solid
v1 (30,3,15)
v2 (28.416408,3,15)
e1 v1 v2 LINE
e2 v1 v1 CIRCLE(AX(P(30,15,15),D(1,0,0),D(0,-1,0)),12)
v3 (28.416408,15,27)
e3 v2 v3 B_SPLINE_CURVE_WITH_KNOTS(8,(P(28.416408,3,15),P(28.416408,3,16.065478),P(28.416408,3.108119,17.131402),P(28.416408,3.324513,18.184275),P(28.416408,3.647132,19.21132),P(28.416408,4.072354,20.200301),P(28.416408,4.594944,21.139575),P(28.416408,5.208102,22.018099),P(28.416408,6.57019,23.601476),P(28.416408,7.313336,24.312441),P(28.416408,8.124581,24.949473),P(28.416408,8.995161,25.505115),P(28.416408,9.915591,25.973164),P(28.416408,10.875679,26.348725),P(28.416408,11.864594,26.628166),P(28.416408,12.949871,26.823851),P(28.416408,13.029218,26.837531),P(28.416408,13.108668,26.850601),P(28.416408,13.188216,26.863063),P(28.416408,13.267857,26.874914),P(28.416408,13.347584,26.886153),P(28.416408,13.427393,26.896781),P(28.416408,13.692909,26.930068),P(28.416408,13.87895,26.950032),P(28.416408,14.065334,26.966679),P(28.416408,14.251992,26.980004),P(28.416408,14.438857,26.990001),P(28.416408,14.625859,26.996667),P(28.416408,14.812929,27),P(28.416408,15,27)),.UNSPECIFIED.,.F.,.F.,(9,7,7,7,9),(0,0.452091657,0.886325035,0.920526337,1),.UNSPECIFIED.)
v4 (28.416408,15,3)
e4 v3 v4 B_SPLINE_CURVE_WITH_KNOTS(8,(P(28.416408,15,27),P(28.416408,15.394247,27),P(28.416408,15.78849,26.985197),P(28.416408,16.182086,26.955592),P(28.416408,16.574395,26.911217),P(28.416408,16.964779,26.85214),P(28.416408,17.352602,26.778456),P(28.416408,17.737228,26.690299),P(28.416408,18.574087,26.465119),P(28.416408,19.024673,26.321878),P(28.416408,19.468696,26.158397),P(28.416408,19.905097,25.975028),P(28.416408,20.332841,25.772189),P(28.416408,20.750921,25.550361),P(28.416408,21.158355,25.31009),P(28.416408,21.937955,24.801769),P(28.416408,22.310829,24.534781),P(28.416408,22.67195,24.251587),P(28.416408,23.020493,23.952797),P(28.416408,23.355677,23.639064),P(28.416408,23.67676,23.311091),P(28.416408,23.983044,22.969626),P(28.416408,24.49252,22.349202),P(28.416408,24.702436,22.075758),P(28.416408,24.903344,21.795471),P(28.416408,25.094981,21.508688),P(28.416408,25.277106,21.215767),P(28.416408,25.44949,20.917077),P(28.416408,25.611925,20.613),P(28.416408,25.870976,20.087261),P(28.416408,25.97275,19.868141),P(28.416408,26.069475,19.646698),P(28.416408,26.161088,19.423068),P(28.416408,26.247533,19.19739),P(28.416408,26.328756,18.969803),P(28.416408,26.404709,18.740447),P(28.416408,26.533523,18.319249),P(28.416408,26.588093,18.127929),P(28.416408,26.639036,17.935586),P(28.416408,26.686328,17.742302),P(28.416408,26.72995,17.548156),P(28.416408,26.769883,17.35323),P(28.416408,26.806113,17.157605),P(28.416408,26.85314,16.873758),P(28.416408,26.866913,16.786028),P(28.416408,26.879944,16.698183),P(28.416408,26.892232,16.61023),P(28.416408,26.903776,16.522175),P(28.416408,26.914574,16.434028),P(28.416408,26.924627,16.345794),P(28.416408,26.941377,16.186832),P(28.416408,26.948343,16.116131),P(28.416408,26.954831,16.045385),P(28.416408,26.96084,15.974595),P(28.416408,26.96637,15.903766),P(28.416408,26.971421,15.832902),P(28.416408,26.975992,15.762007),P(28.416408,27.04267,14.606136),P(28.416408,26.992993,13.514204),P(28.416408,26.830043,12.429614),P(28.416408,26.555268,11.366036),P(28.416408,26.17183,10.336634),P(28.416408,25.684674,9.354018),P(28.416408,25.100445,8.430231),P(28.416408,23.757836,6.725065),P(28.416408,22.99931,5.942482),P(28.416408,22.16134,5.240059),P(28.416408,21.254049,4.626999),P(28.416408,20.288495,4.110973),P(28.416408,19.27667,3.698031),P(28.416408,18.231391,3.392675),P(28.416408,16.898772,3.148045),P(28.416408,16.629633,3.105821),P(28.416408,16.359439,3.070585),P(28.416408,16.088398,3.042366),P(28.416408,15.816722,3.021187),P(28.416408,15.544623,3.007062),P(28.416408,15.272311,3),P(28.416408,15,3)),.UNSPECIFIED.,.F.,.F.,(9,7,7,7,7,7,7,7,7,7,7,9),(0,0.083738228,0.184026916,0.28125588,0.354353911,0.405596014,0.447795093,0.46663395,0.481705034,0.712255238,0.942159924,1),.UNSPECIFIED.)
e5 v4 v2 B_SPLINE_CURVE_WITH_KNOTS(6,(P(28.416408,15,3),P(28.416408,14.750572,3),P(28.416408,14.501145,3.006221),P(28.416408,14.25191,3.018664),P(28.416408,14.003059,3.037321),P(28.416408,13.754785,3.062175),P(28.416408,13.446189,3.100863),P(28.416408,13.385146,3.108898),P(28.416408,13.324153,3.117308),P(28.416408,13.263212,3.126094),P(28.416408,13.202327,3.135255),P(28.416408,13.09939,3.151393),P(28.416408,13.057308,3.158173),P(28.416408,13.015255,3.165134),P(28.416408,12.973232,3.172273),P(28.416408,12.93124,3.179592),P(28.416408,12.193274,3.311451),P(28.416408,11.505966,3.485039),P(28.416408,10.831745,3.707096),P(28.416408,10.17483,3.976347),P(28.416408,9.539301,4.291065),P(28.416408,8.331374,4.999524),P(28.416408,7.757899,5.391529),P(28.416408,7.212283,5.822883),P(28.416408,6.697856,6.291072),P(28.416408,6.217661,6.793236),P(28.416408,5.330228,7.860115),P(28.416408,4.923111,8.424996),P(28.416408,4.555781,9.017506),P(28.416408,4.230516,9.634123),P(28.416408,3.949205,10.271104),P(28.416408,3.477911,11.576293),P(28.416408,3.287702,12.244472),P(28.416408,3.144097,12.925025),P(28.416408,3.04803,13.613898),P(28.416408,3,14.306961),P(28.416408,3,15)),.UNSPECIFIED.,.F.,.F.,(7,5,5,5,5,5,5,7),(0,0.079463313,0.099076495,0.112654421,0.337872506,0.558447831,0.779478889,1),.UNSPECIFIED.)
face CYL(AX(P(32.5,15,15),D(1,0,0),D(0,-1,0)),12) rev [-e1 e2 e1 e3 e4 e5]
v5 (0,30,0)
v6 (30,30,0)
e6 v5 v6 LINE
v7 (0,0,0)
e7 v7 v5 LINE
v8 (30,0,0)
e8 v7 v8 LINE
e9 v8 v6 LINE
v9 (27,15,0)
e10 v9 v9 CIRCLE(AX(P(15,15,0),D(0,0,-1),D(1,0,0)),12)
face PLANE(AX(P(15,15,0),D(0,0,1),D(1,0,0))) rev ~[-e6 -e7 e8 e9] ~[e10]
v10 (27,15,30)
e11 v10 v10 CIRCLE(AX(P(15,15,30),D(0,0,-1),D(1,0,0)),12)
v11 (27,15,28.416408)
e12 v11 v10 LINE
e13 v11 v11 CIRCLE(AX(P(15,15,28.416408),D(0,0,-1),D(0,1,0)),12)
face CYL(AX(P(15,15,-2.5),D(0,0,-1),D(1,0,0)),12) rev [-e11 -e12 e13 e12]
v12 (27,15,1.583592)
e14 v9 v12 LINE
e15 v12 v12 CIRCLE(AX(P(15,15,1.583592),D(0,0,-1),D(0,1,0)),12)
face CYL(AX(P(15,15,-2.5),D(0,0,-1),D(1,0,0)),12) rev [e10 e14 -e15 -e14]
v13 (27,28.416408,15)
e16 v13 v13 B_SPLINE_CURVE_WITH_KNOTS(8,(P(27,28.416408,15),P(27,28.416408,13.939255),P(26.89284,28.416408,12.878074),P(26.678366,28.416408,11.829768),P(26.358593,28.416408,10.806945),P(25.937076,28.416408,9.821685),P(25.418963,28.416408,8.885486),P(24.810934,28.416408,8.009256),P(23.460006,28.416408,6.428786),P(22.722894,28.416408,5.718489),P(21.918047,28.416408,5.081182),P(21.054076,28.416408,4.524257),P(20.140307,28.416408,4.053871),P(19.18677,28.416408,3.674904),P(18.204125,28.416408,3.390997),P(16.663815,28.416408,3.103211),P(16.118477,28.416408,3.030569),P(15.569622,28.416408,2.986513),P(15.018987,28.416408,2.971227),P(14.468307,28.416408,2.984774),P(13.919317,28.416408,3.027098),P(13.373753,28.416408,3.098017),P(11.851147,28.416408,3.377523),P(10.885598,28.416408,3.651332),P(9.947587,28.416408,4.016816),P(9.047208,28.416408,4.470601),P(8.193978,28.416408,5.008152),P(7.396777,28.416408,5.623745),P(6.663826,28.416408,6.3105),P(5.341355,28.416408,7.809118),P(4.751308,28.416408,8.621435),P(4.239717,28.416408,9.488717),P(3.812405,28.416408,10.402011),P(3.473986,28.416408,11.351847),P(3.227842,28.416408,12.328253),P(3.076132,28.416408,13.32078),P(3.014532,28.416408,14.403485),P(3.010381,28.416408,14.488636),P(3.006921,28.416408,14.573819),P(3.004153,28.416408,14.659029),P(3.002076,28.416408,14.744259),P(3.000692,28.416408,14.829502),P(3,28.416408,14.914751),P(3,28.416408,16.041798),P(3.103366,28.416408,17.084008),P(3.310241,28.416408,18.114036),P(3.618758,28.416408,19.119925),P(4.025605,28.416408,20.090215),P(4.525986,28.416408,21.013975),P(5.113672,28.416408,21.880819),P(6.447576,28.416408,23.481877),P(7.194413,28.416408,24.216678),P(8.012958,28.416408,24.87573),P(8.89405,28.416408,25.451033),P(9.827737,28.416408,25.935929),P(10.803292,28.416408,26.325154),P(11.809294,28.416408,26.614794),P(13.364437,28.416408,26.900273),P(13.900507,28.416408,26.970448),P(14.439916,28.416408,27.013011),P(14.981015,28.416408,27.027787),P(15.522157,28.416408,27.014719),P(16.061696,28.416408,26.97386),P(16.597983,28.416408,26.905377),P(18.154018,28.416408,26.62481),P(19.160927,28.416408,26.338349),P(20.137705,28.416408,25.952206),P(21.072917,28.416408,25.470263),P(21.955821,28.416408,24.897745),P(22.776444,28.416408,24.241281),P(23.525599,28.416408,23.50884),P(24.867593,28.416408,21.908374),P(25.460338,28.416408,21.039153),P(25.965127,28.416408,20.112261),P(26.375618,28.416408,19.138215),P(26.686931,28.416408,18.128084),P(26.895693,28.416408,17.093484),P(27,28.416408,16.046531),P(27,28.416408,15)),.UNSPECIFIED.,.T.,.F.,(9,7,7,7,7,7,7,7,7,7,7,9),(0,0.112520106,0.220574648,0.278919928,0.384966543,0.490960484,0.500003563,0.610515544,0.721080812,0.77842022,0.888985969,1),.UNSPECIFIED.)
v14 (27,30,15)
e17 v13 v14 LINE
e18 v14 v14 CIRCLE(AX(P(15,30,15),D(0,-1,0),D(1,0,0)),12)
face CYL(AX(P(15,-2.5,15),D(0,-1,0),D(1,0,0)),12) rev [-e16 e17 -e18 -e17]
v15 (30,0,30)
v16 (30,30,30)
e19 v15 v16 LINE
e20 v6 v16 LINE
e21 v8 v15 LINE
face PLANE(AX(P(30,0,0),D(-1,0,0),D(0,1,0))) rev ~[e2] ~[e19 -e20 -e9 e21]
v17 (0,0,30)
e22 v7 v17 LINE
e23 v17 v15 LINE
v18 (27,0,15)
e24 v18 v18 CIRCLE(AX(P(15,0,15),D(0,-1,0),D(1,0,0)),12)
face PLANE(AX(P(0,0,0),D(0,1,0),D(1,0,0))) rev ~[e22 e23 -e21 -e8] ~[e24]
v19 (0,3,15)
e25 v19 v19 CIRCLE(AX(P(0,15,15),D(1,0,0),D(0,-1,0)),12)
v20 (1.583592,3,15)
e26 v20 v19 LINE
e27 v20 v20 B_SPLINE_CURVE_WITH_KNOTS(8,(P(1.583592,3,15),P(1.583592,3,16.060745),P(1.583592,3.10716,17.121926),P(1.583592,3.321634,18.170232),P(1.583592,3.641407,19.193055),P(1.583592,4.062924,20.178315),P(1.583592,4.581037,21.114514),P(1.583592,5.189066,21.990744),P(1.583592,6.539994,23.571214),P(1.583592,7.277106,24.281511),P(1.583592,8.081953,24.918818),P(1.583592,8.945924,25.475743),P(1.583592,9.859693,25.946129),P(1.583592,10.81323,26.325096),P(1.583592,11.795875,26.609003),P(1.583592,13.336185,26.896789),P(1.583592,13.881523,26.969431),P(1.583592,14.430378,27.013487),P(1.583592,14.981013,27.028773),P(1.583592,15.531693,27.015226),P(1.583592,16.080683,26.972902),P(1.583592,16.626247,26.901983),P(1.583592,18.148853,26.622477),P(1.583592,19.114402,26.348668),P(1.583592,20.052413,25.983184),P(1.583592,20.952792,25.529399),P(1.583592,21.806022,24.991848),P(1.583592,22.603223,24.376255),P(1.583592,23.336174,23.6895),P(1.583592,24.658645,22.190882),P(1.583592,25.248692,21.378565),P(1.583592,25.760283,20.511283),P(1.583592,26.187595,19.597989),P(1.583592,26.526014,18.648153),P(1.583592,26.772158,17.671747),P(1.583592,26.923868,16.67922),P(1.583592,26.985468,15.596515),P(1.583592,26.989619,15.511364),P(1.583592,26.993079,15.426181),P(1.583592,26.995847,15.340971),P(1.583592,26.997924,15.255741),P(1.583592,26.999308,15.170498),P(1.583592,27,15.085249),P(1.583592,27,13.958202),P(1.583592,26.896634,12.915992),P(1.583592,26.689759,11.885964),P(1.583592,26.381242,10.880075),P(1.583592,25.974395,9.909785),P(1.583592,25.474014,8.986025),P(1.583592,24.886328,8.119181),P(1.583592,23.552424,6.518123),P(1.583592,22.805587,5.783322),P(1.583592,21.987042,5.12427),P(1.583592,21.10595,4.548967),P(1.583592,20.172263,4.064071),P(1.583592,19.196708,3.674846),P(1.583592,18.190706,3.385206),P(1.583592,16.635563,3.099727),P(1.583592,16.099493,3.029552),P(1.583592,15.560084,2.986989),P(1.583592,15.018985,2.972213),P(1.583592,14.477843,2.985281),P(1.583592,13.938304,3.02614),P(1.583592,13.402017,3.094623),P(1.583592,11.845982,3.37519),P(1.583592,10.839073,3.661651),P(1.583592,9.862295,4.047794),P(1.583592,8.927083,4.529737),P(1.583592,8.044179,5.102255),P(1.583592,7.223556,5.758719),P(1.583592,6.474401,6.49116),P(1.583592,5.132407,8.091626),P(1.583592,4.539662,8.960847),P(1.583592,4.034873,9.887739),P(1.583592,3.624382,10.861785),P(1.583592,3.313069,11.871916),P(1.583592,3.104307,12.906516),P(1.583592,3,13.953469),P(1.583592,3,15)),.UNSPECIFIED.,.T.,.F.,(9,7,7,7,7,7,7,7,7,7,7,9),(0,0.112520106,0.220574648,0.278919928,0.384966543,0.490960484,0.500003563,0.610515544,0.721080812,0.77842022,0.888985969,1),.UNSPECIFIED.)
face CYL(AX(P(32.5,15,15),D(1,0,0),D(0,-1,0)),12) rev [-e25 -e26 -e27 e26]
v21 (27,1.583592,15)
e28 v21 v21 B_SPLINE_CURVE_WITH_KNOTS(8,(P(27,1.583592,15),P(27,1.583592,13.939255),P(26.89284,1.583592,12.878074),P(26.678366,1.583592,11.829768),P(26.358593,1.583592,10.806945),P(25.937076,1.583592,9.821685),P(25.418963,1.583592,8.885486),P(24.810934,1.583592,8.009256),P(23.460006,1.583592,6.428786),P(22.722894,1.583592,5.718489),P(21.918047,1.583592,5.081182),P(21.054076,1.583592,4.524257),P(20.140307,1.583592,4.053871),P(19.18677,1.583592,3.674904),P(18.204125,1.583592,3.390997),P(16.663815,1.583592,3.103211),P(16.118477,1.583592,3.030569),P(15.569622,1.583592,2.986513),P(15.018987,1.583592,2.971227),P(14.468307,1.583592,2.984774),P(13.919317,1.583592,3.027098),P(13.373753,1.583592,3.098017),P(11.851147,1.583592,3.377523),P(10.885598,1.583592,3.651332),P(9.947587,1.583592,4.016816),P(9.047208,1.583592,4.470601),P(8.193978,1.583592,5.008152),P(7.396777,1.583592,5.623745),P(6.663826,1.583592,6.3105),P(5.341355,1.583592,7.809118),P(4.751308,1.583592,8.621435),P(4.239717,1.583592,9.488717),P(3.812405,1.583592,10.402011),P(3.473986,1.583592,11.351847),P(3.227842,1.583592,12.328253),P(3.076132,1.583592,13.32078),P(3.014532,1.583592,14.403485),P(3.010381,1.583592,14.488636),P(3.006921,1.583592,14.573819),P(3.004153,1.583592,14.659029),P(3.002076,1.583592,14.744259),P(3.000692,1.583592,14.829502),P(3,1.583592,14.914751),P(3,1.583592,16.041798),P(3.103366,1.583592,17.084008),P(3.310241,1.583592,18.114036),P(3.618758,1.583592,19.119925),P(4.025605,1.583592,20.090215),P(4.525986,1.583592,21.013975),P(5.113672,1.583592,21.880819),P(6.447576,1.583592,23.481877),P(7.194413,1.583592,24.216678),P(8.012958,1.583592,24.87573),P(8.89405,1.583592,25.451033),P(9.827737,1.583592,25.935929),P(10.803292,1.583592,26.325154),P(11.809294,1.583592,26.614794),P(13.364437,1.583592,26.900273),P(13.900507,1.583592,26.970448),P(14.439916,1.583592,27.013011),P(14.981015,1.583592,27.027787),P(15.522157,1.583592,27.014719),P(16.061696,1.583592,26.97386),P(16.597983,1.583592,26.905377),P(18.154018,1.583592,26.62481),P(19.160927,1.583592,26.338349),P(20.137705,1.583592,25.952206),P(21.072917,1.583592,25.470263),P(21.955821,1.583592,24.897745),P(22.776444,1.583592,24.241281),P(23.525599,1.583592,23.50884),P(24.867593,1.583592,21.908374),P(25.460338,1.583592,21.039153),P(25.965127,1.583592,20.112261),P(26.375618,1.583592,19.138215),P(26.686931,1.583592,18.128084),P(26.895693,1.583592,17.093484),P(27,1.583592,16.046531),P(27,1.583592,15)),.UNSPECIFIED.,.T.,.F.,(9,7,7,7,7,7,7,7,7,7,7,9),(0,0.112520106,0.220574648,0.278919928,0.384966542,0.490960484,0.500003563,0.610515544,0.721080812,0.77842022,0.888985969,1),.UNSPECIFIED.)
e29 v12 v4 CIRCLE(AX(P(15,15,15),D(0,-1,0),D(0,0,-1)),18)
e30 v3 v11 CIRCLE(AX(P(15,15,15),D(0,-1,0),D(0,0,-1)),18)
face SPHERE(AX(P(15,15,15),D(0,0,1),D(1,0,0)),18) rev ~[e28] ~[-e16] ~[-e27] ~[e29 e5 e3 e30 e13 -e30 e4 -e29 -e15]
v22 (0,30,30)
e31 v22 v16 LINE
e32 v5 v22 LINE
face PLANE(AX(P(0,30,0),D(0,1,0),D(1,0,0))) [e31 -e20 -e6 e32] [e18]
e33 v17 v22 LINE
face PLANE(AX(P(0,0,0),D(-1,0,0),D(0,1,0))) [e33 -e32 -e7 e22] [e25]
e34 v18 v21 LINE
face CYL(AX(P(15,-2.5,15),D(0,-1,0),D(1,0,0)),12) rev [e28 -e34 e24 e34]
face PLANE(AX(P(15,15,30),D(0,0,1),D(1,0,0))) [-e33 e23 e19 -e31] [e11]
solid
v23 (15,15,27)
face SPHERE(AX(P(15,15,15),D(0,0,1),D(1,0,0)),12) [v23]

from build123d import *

# Parameters (mm, degrees)
CYLINDER002_R     = 12
CYLINDER002_DEPTH = 35
CYLINDER003_R     = 12
CYLINDER003_DEPTH = 35
CYLINDER001_R     = 12
CYLINDER001_DEPTH = 35
BOX_W             = 30
BOX_H             = 30
BOX_DEPTH         = 30


with BuildPart() as esfera:
    # Sphere → Sphere (revolve)
    with BuildSketch(Plane(origin=(15, 15, 15), x_dir=(1, 0, 0), z_dir=(0, -1, 0))):
        with BuildLine():
            ThreePointArc((0, -12), (12, 0), (0, 12))
            Line((0, 12), (0, -12))
        make_face()
    revolve(axis=Axis((15, 15, 15), (0, 0, 1)))


with BuildPart() as esfera001:
    # Sphere001 → Sphere001 (revolve)
    with BuildSketch(Plane(origin=(15, 15, 15), x_dir=(1, 0, 0), z_dir=(0, -1, 0))):
        with BuildLine():
            ThreePointArc((0, -18), (18, 0), (0, 18))
            Line((0, 18), (0, -18))
        make_face()
    revolve(axis=Axis((15, 15, 15), (0, 0, 1)))


with BuildPart() as cilindre002:
    # Cylinder002 → Cylinder002 (new body)
    with BuildSketch(Plane(origin=(15, 15, -2.5), x_dir=(1, 0, 0), z_dir=(0, 0, 1))):
        Circle(CYLINDER002_R)
    extrude(amount=CYLINDER002_DEPTH)


with BuildPart() as cilindre003:
    # Cylinder003 → Cylinder003 (new body)
    with BuildSketch(Plane(origin=(32.5, 15, 15), x_dir=(0, -1, 0), z_dir=(-1, 0, 0))):
        Circle(CYLINDER003_R)
    extrude(amount=CYLINDER003_DEPTH)


with BuildPart() as fusion:
    # Cylinder001 → Cylinder001 (new body)
    with BuildSketch(Plane(origin=(15, -2.5, 15), x_dir=(1, 0, 0), z_dir=(0, 1, 0))):
        Circle(CYLINDER001_R)
    extrude(amount=CYLINDER001_DEPTH)

    # Fusion: union Cilindre002, Cilindre003
    add(cilindre002.part)
    add(cilindre003.part)


with BuildPart() as cut001:
    # Box → Box (new body)
    with BuildSketch(Plane.XY):
        with Locations((15, 15)):
            Rectangle(BOX_W, BOX_H)
    extrude(amount=BOX_DEPTH)

    # Cut: cut Fusion
    add(fusion.part, mode=Mode.SUBTRACT)

    # Cut001: cut Esfera001
    add(esfera001.part, mode=Mode.SUBTRACT)


solid = Compound([esfera.part, cut001.part])
